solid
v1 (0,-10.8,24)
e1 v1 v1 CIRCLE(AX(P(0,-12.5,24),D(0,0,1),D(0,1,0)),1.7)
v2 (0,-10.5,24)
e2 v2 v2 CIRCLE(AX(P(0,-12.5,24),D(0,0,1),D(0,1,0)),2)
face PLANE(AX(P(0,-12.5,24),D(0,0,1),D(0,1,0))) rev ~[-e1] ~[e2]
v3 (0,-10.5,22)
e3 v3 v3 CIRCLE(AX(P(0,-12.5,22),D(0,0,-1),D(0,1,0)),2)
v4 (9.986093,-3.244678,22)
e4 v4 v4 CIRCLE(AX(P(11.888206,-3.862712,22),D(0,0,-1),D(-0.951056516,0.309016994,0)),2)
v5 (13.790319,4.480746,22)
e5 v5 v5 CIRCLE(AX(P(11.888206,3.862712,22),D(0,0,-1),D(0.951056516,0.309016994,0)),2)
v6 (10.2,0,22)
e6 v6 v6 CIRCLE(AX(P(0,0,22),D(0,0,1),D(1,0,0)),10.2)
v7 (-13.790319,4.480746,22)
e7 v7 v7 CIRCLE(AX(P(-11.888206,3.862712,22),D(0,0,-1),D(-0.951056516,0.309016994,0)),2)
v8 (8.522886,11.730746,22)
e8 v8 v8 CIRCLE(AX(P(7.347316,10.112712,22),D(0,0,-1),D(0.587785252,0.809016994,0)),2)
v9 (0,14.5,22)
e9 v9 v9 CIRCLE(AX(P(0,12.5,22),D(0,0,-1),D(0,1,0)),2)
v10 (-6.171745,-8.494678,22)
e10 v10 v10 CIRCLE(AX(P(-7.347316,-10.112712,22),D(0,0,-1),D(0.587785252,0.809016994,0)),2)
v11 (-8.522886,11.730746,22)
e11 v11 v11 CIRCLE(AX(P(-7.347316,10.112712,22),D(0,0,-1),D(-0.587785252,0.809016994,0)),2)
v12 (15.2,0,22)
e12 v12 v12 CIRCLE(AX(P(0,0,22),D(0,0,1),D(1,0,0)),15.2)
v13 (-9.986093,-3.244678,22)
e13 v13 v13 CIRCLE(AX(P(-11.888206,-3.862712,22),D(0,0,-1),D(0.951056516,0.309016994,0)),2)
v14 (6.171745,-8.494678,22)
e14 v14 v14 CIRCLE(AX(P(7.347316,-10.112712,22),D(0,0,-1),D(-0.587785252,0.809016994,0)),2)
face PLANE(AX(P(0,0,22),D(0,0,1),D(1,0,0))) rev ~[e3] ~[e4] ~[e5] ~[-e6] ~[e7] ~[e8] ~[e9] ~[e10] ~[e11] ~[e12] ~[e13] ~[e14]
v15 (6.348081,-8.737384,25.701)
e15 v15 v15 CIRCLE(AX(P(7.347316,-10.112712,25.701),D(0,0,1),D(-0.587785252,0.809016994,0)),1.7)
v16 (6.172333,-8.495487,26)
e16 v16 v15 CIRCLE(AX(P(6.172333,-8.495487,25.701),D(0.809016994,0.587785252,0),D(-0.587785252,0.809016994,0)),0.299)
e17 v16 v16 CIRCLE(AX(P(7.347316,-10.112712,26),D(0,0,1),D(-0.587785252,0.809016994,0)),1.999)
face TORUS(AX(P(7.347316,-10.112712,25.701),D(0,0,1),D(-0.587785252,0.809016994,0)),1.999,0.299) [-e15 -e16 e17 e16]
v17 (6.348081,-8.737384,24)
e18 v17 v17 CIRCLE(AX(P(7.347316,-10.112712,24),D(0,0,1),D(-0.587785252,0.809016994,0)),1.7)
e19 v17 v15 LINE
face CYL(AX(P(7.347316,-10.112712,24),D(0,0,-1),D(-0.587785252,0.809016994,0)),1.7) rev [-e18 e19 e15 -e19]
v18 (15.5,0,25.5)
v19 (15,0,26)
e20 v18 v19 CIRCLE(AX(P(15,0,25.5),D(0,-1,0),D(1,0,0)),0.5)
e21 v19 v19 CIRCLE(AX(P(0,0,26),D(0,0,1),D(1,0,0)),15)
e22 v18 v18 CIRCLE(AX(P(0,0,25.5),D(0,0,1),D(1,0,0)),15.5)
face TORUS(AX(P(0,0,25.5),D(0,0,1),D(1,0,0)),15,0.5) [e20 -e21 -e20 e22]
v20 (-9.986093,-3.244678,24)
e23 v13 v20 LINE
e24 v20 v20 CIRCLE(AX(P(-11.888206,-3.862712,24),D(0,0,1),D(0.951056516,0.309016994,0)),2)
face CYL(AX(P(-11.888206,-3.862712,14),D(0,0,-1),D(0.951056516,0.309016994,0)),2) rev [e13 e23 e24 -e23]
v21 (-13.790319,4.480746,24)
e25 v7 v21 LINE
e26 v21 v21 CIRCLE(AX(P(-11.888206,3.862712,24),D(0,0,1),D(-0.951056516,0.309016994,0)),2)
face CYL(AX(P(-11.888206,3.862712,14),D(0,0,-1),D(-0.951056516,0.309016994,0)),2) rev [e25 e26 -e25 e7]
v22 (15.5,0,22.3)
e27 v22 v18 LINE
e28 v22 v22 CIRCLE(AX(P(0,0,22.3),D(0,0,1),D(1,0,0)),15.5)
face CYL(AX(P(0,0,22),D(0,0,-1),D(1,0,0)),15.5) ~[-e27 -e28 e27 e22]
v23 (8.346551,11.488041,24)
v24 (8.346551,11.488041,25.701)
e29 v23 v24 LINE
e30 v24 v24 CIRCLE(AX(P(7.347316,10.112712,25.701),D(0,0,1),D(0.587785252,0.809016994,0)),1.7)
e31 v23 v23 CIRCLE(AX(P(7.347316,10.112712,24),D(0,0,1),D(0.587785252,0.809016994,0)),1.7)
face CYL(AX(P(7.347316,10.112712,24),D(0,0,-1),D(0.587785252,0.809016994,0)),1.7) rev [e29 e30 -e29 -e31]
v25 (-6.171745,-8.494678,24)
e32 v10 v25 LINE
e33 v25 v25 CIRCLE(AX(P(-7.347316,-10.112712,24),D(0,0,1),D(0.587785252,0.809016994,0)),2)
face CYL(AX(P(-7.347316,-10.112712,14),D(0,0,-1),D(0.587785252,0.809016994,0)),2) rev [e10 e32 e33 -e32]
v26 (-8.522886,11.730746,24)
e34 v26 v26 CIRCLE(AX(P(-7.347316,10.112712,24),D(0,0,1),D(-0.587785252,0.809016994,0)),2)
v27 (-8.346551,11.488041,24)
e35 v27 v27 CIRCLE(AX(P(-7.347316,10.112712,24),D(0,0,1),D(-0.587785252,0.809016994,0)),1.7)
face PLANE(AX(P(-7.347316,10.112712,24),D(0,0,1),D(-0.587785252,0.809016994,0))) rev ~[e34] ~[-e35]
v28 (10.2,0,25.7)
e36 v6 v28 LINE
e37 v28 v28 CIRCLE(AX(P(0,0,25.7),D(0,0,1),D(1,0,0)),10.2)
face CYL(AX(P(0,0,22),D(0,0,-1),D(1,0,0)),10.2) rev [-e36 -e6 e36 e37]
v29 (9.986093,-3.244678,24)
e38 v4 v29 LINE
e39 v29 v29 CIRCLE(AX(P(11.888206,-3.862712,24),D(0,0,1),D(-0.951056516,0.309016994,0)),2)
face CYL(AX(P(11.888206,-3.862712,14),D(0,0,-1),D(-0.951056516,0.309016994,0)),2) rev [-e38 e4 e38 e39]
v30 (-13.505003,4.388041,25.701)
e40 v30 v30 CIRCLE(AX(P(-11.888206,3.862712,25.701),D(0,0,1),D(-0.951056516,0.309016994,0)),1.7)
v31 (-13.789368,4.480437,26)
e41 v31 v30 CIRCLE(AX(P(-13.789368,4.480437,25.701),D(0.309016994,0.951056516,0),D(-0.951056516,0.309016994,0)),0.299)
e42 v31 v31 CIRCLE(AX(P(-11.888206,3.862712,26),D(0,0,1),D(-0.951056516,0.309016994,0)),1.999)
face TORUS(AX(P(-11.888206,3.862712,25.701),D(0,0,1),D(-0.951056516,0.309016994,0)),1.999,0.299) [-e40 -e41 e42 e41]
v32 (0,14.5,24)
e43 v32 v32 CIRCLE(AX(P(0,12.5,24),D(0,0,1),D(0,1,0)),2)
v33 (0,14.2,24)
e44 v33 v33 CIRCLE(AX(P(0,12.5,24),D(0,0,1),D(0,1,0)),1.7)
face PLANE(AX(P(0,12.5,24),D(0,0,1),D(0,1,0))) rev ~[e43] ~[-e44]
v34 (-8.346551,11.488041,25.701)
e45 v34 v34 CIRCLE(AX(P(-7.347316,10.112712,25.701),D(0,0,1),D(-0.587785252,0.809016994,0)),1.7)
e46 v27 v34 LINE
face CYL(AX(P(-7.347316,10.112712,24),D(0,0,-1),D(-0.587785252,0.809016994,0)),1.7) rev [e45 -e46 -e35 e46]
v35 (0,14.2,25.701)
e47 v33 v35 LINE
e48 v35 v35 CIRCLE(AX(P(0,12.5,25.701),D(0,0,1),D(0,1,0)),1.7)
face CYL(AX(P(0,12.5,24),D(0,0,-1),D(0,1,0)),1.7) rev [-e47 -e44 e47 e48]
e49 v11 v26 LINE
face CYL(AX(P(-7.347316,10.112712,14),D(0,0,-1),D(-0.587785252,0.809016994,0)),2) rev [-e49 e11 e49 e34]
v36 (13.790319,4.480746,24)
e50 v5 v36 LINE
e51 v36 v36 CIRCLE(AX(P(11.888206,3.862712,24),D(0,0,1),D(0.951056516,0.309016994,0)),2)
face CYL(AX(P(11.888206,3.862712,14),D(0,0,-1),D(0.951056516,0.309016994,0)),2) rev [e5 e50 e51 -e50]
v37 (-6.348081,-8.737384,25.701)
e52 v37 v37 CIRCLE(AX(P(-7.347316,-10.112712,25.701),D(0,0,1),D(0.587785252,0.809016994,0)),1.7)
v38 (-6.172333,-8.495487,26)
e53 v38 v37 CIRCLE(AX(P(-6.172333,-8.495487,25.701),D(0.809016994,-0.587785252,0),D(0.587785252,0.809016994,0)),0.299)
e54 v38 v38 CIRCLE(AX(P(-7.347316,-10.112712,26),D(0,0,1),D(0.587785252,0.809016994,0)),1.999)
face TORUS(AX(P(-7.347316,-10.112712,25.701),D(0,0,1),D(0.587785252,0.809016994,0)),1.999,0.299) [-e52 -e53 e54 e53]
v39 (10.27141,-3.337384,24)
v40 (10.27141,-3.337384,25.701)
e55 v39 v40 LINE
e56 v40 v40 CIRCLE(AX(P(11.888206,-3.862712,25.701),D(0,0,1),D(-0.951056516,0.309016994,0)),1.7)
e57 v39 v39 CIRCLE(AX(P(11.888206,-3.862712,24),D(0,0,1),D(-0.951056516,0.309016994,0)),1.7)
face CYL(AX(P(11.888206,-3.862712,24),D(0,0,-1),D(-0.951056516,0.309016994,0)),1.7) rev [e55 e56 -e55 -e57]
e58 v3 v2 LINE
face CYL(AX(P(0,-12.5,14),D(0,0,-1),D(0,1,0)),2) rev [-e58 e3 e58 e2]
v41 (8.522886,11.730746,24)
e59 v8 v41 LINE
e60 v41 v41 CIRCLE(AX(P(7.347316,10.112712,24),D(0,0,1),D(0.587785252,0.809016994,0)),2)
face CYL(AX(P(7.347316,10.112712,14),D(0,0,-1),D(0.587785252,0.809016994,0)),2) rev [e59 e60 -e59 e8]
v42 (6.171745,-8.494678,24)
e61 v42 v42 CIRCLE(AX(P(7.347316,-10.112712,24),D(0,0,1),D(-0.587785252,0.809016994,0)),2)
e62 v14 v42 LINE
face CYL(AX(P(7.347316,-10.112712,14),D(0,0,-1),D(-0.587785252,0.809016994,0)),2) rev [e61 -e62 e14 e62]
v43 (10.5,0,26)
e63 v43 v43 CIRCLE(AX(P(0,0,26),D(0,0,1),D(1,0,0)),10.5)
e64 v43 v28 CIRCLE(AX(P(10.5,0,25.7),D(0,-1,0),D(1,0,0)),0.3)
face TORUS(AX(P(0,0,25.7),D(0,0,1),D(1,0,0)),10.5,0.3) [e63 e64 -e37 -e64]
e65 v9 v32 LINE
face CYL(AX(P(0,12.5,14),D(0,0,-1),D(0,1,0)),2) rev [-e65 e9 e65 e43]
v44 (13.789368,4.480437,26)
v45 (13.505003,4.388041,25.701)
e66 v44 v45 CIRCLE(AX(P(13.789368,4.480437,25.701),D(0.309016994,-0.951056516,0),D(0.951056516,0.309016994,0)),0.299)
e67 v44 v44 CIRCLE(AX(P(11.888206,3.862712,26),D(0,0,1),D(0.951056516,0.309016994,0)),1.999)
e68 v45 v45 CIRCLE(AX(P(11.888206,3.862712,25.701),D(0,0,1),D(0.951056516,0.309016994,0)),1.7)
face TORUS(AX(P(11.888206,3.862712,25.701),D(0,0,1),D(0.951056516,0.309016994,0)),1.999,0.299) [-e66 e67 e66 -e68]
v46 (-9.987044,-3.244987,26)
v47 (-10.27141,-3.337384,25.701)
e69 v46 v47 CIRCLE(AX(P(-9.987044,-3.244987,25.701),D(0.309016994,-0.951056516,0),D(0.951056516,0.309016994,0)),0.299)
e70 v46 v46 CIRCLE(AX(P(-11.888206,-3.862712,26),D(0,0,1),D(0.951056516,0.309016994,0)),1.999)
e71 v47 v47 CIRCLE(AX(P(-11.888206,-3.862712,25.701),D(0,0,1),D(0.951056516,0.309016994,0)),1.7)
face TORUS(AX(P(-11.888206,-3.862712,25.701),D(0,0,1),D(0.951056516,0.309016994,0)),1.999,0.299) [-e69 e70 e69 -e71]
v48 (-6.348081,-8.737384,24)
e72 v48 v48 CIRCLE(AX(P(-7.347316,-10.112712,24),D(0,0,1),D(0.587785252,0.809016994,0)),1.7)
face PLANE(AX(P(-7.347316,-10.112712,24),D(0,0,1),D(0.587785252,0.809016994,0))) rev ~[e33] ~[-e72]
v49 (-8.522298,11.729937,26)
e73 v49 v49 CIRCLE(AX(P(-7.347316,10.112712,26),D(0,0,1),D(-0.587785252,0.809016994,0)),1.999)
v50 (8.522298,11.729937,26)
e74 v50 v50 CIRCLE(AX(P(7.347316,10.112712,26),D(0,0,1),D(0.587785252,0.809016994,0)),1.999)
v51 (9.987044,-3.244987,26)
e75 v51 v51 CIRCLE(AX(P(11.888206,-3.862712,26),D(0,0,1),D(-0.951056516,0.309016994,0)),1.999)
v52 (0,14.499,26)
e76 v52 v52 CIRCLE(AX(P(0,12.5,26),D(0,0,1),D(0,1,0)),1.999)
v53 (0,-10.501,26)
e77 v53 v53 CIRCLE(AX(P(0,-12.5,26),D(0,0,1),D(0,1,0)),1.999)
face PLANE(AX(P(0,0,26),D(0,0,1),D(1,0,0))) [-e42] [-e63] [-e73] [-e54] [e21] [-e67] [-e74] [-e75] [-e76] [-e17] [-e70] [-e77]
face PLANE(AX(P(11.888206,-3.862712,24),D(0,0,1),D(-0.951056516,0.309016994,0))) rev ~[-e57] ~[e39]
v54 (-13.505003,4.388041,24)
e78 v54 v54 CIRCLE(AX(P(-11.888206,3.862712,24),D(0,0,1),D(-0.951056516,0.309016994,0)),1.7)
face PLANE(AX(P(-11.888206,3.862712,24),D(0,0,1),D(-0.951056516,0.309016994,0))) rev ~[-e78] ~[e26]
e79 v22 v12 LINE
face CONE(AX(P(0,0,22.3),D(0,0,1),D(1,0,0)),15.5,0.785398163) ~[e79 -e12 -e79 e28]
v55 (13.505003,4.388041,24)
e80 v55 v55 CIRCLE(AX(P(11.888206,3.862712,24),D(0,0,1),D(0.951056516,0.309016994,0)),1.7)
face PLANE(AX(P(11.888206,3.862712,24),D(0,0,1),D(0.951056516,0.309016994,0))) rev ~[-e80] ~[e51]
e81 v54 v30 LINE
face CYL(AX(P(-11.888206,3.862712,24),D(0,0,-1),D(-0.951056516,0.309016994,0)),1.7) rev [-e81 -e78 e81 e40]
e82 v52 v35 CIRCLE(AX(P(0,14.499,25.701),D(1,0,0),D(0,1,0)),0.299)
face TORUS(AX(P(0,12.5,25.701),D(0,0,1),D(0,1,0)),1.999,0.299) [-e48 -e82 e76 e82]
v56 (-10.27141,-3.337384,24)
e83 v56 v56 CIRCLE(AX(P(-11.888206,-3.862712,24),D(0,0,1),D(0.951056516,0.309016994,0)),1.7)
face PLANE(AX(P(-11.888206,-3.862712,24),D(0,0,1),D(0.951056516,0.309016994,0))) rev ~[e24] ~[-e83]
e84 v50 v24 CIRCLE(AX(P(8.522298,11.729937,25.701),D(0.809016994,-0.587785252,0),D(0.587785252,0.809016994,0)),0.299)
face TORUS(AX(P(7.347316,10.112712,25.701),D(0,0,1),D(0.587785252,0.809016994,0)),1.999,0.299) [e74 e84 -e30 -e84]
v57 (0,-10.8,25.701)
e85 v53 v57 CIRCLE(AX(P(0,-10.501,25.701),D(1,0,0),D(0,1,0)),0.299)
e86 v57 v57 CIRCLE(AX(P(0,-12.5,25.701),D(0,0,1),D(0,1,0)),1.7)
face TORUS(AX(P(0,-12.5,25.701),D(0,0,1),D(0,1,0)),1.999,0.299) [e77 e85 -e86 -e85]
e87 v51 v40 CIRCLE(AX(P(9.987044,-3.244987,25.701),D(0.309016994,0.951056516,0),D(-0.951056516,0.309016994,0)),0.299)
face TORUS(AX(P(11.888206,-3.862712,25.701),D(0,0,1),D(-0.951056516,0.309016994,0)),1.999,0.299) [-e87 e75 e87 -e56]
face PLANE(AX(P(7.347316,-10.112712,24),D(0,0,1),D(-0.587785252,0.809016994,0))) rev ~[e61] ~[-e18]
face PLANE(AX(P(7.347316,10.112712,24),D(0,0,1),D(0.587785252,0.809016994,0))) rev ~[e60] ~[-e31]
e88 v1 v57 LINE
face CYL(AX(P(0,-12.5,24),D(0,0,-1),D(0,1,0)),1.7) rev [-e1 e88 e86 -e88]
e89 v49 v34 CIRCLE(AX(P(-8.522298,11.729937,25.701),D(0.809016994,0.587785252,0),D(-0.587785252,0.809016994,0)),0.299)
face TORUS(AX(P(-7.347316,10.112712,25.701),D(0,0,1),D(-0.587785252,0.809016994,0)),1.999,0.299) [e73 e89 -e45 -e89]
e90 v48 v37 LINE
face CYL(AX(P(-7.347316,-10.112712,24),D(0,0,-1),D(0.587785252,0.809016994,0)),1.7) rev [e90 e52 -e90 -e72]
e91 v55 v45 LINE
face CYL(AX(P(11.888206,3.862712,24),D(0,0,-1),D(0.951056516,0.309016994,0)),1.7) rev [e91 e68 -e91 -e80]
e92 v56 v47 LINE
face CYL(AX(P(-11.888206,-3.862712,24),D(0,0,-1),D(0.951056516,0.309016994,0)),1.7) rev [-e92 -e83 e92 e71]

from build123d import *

# Parameters (mm, degrees)
CYLINDER075_R             = 10.2
CYLINDER075_DEPTH         = 4
CYLINDER089_R             = 1.7
CYLINDER089_DEPTH         = 2
CYLINDER088_R             = 1.7
CYLINDER088_DEPTH         = 2
FUSION042_PLACEMENT_ANGLE = 54
CYLINDER095_R             = 1.7
CYLINDER095_DEPTH         = 2
CYLINDER094_R             = 1.7
CYLINDER094_DEPTH         = 2
FUSION046_PLACEMENT_ANGLE = 162
CYLINDER093_R             = 1.7
CYLINDER093_DEPTH         = 2
CYLINDER092_R             = 1.7
CYLINDER092_DEPTH         = 2
FUSION045_PLACEMENT_ANGLE = 126
CYLINDER091_R             = 1.7
CYLINDER091_DEPTH         = 2
CYLINDER090_R             = 1.7
CYLINDER090_DEPTH         = 2
FUSION044_PLACEMENT_ANGLE = 90
CYLINDER087_R             = 1.7
CYLINDER087_DEPTH         = 2
CYLINDER086_R             = 1.7
CYLINDER086_DEPTH         = 2
FUSION043_PLACEMENT_ANGLE = 18
CYLINDER079_R             = 2
CYLINDER079_DEPTH         = 10
CYLINDER078_R             = 2
CYLINDER078_DEPTH         = 10
FUSION036_PLACEMENT_ANGLE = 54
CYLINDER085_R             = 2
CYLINDER085_DEPTH         = 10
CYLINDER084_R             = 2
CYLINDER084_DEPTH         = 10
FUSION040_PLACEMENT_ANGLE = 162
CYLINDER083_R             = 2
CYLINDER083_DEPTH         = 10
CYLINDER082_R             = 2
CYLINDER082_DEPTH         = 10
FUSION039_PLACEMENT_ANGLE = 126
CYLINDER081_R             = 2
CYLINDER081_DEPTH         = 10
CYLINDER080_R             = 2
CYLINDER080_DEPTH         = 10
FUSION038_PLACEMENT_ANGLE = 90
CYLINDER077_R             = 2
CYLINDER077_DEPTH         = 10
CYLINDER076_R             = 2
CYLINDER076_DEPTH         = 10
FUSION037_PLACEMENT_ANGLE = 18
CYLINDER074_R             = 15.5
CYLINDER074_DEPTH         = 4
FILLET008_R               = 0.5
FILLET009_R               = 0.3
CHAMFER003_SIZE           = 0.3
FILLET010_R               = 0.299


with BuildPart() as cylinder075:
    # Cylinder075 → Cylinder075 (new body)
    with BuildSketch(Plane.XY.offset(22)):
        Circle(CYLINDER075_R)
    extrude(amount=CYLINDER075_DEPTH)


with BuildPart() as cylinder089:
    # Cylinder089 → Cylinder089 (new body)
    with BuildSketch(Plane(origin=(-12.5, 0, 13), x_dir=(1, 0, 0), z_dir=(0, 0, 1))):
        Circle(CYLINDER089_R)
    extrude(amount=CYLINDER089_DEPTH)


with BuildPart() as fusion042:
    # Cylinder088 → Cylinder088 (new body)
    with BuildSketch(Plane(origin=(12.5, 0, 13), x_dir=(1, 0, 0), z_dir=(0, 0, 1))):
        Circle(CYLINDER088_R)
    extrude(amount=CYLINDER088_DEPTH)

    # Fusion042: union Cylinder089
    add(cylinder089.part)


with BuildPart() as fusion042_1:
    # Fusion042 placement: moved
    add(fusion042.part.rotate(Axis((0, 0, 0), (0, 0, 1)), FUSION042_PLACEMENT_ANGLE))


with BuildPart() as cylinder095:
    # Cylinder095 → Cylinder095 (new body)
    with BuildSketch(Plane(origin=(-12.5, 0, 13), x_dir=(1, 0, 0), z_dir=(0, 0, 1))):
        Circle(CYLINDER095_R)
    extrude(amount=CYLINDER095_DEPTH)


with BuildPart() as fusion046:
    # Cylinder094 → Cylinder094 (new body)
    with BuildSketch(Plane(origin=(12.5, 0, 13), x_dir=(1, 0, 0), z_dir=(0, 0, 1))):
        Circle(CYLINDER094_R)
    extrude(amount=CYLINDER094_DEPTH)

    # Fusion046: union Cylinder095
    add(cylinder095.part)


with BuildPart() as fusion046_1:
    # Fusion046 placement: moved
    add(fusion046.part.rotate(Axis((0, 0, 0), (0, 0, 1)), FUSION046_PLACEMENT_ANGLE))


with BuildPart() as cylinder093:
    # Cylinder093 → Cylinder093 (new body)
    with BuildSketch(Plane(origin=(-12.5, 0, 13), x_dir=(1, 0, 0), z_dir=(0, 0, 1))):
        Circle(CYLINDER093_R)
    extrude(amount=CYLINDER093_DEPTH)


with BuildPart() as fusion045:
    # Cylinder092 → Cylinder092 (new body)
    with BuildSketch(Plane(origin=(12.5, 0, 13), x_dir=(1, 0, 0), z_dir=(0, 0, 1))):
        Circle(CYLINDER092_R)
    extrude(amount=CYLINDER092_DEPTH)

    # Fusion045: union Cylinder093
    add(cylinder093.part)


with BuildPart() as fusion045_1:
    # Fusion045 placement: moved
    add(fusion045.part.rotate(Axis((0, 0, 0), (0, 0, 1)), FUSION045_PLACEMENT_ANGLE))


with BuildPart() as cylinder091:
    # Cylinder091 → Cylinder091 (new body)
    with BuildSketch(Plane(origin=(-12.5, 0, 13), x_dir=(1, 0, 0), z_dir=(0, 0, 1))):
        Circle(CYLINDER091_R)
    extrude(amount=CYLINDER091_DEPTH)


with BuildPart() as fusion044:
    # Cylinder090 → Cylinder090 (new body)
    with BuildSketch(Plane(origin=(12.5, 0, 13), x_dir=(1, 0, 0), z_dir=(0, 0, 1))):
        Circle(CYLINDER090_R)
    extrude(amount=CYLINDER090_DEPTH)

    # Fusion044: union Cylinder091
    add(cylinder091.part)


with BuildPart() as fusion044_1:
    # Fusion044 placement: moved
    add(fusion044.part.rotate(Axis((0, 0, 0), (0, 0, 1)), FUSION044_PLACEMENT_ANGLE))


with BuildPart() as cylinder087:
    # Cylinder087 → Cylinder087 (new body)
    with BuildSketch(Plane(origin=(-12.5, 0, 13), x_dir=(1, 0, 0), z_dir=(0, 0, 1))):
        Circle(CYLINDER087_R)
    extrude(amount=CYLINDER087_DEPTH)


with BuildPart() as fusion041:
    # Cylinder086 → Cylinder086 (new body)
    with BuildSketch(Plane(origin=(12.5, 0, 13), x_dir=(1, 0, 0), z_dir=(0, 0, 1))):
        Circle(CYLINDER086_R)
    extrude(amount=CYLINDER086_DEPTH)

    # Fusion043: union Cylinder087
    add(cylinder087.part)


with BuildPart() as fusion041_1:
    # Fusion043 placement: moved
    add(fusion041.part.rotate(Axis((0, 0, 0), (0, 0, 1)), FUSION043_PLACEMENT_ANGLE))

    # Fusion041: union Fusion042, Fusion046, Fusion045, Fusion044
    add(fusion042_1.part)
    add(fusion046_1.part)
    add(fusion045_1.part)
    add(fusion044_1.part)


with BuildPart() as fusion041_2:
    # Fusion041 placement: moved
    add(fusion041_1.part.moved(Location((0, 0, 11))))


with BuildPart() as cylinder079:
    # Cylinder079 → Cylinder079 (new body)
    with BuildSketch(Plane(origin=(-12.5, 0, 13), x_dir=(1, 0, 0), z_dir=(0, 0, 1))):
        Circle(CYLINDER079_R)
    extrude(amount=CYLINDER079_DEPTH)


with BuildPart() as fusion036:
    # Cylinder078 → Cylinder078 (new body)
    with BuildSketch(Plane(origin=(12.5, 0, 13), x_dir=(1, 0, 0), z_dir=(0, 0, 1))):
        Circle(CYLINDER078_R)
    extrude(amount=CYLINDER078_DEPTH)

    # Fusion036: union Cylinder079
    add(cylinder079.part)


with BuildPart() as fusion036_1:
    # Fusion036 placement: moved
    add(fusion036.part.rotate(Axis((0, 0, 0), (0, 0, 1)), FUSION036_PLACEMENT_ANGLE))


with BuildPart() as cylinder085:
    # Cylinder085 → Cylinder085 (new body)
    with BuildSketch(Plane(origin=(-12.5, 0, 13), x_dir=(1, 0, 0), z_dir=(0, 0, 1))):
        Circle(CYLINDER085_R)
    extrude(amount=CYLINDER085_DEPTH)


with BuildPart() as fusion040:
    # Cylinder084 → Cylinder084 (new body)
    with BuildSketch(Plane(origin=(12.5, 0, 13), x_dir=(1, 0, 0), z_dir=(0, 0, 1))):
        Circle(CYLINDER084_R)
    extrude(amount=CYLINDER084_DEPTH)

    # Fusion040: union Cylinder085
    add(cylinder085.part)


with BuildPart() as fusion040_1:
    # Fusion040 placement: moved
    add(fusion040.part.rotate(Axis((0, 0, 0), (0, 0, 1)), FUSION040_PLACEMENT_ANGLE))


with BuildPart() as cylinder083:
    # Cylinder083 → Cylinder083 (new body)
    with BuildSketch(Plane(origin=(-12.5, 0, 13), x_dir=(1, 0, 0), z_dir=(0, 0, 1))):
        Circle(CYLINDER083_R)
    extrude(amount=CYLINDER083_DEPTH)


with BuildPart() as fusion039:
    # Cylinder082 → Cylinder082 (new body)
    with BuildSketch(Plane(origin=(12.5, 0, 13), x_dir=(1, 0, 0), z_dir=(0, 0, 1))):
        Circle(CYLINDER082_R)
    extrude(amount=CYLINDER082_DEPTH)

    # Fusion039: union Cylinder083
    add(cylinder083.part)


with BuildPart() as fusion039_1:
    # Fusion039 placement: moved
    add(fusion039.part.rotate(Axis((0, 0, 0), (0, 0, 1)), FUSION039_PLACEMENT_ANGLE))


with BuildPart() as cylinder081:
    # Cylinder081 → Cylinder081 (new body)
    with BuildSketch(Plane(origin=(-12.5, 0, 13), x_dir=(1, 0, 0), z_dir=(0, 0, 1))):
        Circle(CYLINDER081_R)
    extrude(amount=CYLINDER081_DEPTH)


with BuildPart() as fusion038:
    # Cylinder080 → Cylinder080 (new body)
    with BuildSketch(Plane(origin=(12.5, 0, 13), x_dir=(1, 0, 0), z_dir=(0, 0, 1))):
        Circle(CYLINDER080_R)
    extrude(amount=CYLINDER080_DEPTH)

    # Fusion038: union Cylinder081
    add(cylinder081.part)


with BuildPart() as fusion038_1:
    # Fusion038 placement: moved
    add(fusion038.part.rotate(Axis((0, 0, 0), (0, 0, 1)), FUSION038_PLACEMENT_ANGLE))


with BuildPart() as cylinder077:
    # Cylinder077 → Cylinder077 (new body)
    with BuildSketch(Plane(origin=(-12.5, 0, 13), x_dir=(1, 0, 0), z_dir=(0, 0, 1))):
        Circle(CYLINDER077_R)
    extrude(amount=CYLINDER077_DEPTH)


with BuildPart() as fusion047:
    # Cylinder076 → Cylinder076 (new body)
    with BuildSketch(Plane(origin=(12.5, 0, 13), x_dir=(1, 0, 0), z_dir=(0, 0, 1))):
        Circle(CYLINDER076_R)
    extrude(amount=CYLINDER076_DEPTH)

    # Fusion037: union Cylinder077
    add(cylinder077.part)


with BuildPart() as fusion047_1:
    # Fusion037 placement: moved
    add(fusion047.part.rotate(Axis((0, 0, 0), (0, 0, 1)), FUSION037_PLACEMENT_ANGLE))

    # Fusion035: union Fusion036, Fusion040, Fusion039, Fusion038
    add(fusion036_1.part)
    add(fusion040_1.part)
    add(fusion039_1.part)
    add(fusion038_1.part)


with BuildPart() as fusion047_2:
    # Fusion035 placement: moved
    add(fusion047_1.part.moved(Location((0, 0, 1))))

    # Fusion047: union Fusion041
    add(fusion041_2.part)


with BuildPart() as fillet010:
    # Cylinder074 → Cylinder074 (new body)
    with BuildSketch(Plane.XY.offset(22)):
        Circle(CYLINDER074_R)
    extrude(amount=CYLINDER074_DEPTH)

    # Cut023: cut Fusion047
    add(fusion047_2.part, mode=Mode.SUBTRACT)

    # Cut024: cut Cylinder075
    add(cylinder075.part, mode=Mode.SUBTRACT)

    # Fillet008
    fillet008_edges = [fillet010.edges().sort_by_distance(p)[0] for p in [
        (-15.5, 0, 26),
    ]]
    fillet(fillet008_edges, radius=FILLET008_R)

    # Fillet009
    fillet009_edges = [fillet010.edges().sort_by_distance(p)[0] for p in [
        (-10.2, 0, 26),
    ]]
    fillet(fillet009_edges, radius=FILLET009_R)

    # Chamfer003
    chamfer003_edges = [fillet010.edges().sort_by_distance(p)[0] for p in [
        (-15.5, 0, 22),
    ]]
    chamfer(chamfer003_edges, length=CHAMFER003_SIZE)

    # Fillet010
    fillet010_edges = [fillet010.edges().sort_by_distance(p)[0] for p in [
        (6.348081, 8.737384, 26),
        (-13.505003, -4.388041, 26),
        (-10.27141, 3.337384, 26),
        (13.505003, -4.388041, 26),
        (-6.348081, 8.737384, 26),
        (0, 10.8, 26),
        (10.27141, 3.337384, 26),
        (-8.346551, -11.488041, 26),
        (0, -14.2, 26),
        (8.346551, -11.488041, 26),
    ]]
    fillet(fillet010_edges, radius=FILLET010_R)


solid = fillet010.part
